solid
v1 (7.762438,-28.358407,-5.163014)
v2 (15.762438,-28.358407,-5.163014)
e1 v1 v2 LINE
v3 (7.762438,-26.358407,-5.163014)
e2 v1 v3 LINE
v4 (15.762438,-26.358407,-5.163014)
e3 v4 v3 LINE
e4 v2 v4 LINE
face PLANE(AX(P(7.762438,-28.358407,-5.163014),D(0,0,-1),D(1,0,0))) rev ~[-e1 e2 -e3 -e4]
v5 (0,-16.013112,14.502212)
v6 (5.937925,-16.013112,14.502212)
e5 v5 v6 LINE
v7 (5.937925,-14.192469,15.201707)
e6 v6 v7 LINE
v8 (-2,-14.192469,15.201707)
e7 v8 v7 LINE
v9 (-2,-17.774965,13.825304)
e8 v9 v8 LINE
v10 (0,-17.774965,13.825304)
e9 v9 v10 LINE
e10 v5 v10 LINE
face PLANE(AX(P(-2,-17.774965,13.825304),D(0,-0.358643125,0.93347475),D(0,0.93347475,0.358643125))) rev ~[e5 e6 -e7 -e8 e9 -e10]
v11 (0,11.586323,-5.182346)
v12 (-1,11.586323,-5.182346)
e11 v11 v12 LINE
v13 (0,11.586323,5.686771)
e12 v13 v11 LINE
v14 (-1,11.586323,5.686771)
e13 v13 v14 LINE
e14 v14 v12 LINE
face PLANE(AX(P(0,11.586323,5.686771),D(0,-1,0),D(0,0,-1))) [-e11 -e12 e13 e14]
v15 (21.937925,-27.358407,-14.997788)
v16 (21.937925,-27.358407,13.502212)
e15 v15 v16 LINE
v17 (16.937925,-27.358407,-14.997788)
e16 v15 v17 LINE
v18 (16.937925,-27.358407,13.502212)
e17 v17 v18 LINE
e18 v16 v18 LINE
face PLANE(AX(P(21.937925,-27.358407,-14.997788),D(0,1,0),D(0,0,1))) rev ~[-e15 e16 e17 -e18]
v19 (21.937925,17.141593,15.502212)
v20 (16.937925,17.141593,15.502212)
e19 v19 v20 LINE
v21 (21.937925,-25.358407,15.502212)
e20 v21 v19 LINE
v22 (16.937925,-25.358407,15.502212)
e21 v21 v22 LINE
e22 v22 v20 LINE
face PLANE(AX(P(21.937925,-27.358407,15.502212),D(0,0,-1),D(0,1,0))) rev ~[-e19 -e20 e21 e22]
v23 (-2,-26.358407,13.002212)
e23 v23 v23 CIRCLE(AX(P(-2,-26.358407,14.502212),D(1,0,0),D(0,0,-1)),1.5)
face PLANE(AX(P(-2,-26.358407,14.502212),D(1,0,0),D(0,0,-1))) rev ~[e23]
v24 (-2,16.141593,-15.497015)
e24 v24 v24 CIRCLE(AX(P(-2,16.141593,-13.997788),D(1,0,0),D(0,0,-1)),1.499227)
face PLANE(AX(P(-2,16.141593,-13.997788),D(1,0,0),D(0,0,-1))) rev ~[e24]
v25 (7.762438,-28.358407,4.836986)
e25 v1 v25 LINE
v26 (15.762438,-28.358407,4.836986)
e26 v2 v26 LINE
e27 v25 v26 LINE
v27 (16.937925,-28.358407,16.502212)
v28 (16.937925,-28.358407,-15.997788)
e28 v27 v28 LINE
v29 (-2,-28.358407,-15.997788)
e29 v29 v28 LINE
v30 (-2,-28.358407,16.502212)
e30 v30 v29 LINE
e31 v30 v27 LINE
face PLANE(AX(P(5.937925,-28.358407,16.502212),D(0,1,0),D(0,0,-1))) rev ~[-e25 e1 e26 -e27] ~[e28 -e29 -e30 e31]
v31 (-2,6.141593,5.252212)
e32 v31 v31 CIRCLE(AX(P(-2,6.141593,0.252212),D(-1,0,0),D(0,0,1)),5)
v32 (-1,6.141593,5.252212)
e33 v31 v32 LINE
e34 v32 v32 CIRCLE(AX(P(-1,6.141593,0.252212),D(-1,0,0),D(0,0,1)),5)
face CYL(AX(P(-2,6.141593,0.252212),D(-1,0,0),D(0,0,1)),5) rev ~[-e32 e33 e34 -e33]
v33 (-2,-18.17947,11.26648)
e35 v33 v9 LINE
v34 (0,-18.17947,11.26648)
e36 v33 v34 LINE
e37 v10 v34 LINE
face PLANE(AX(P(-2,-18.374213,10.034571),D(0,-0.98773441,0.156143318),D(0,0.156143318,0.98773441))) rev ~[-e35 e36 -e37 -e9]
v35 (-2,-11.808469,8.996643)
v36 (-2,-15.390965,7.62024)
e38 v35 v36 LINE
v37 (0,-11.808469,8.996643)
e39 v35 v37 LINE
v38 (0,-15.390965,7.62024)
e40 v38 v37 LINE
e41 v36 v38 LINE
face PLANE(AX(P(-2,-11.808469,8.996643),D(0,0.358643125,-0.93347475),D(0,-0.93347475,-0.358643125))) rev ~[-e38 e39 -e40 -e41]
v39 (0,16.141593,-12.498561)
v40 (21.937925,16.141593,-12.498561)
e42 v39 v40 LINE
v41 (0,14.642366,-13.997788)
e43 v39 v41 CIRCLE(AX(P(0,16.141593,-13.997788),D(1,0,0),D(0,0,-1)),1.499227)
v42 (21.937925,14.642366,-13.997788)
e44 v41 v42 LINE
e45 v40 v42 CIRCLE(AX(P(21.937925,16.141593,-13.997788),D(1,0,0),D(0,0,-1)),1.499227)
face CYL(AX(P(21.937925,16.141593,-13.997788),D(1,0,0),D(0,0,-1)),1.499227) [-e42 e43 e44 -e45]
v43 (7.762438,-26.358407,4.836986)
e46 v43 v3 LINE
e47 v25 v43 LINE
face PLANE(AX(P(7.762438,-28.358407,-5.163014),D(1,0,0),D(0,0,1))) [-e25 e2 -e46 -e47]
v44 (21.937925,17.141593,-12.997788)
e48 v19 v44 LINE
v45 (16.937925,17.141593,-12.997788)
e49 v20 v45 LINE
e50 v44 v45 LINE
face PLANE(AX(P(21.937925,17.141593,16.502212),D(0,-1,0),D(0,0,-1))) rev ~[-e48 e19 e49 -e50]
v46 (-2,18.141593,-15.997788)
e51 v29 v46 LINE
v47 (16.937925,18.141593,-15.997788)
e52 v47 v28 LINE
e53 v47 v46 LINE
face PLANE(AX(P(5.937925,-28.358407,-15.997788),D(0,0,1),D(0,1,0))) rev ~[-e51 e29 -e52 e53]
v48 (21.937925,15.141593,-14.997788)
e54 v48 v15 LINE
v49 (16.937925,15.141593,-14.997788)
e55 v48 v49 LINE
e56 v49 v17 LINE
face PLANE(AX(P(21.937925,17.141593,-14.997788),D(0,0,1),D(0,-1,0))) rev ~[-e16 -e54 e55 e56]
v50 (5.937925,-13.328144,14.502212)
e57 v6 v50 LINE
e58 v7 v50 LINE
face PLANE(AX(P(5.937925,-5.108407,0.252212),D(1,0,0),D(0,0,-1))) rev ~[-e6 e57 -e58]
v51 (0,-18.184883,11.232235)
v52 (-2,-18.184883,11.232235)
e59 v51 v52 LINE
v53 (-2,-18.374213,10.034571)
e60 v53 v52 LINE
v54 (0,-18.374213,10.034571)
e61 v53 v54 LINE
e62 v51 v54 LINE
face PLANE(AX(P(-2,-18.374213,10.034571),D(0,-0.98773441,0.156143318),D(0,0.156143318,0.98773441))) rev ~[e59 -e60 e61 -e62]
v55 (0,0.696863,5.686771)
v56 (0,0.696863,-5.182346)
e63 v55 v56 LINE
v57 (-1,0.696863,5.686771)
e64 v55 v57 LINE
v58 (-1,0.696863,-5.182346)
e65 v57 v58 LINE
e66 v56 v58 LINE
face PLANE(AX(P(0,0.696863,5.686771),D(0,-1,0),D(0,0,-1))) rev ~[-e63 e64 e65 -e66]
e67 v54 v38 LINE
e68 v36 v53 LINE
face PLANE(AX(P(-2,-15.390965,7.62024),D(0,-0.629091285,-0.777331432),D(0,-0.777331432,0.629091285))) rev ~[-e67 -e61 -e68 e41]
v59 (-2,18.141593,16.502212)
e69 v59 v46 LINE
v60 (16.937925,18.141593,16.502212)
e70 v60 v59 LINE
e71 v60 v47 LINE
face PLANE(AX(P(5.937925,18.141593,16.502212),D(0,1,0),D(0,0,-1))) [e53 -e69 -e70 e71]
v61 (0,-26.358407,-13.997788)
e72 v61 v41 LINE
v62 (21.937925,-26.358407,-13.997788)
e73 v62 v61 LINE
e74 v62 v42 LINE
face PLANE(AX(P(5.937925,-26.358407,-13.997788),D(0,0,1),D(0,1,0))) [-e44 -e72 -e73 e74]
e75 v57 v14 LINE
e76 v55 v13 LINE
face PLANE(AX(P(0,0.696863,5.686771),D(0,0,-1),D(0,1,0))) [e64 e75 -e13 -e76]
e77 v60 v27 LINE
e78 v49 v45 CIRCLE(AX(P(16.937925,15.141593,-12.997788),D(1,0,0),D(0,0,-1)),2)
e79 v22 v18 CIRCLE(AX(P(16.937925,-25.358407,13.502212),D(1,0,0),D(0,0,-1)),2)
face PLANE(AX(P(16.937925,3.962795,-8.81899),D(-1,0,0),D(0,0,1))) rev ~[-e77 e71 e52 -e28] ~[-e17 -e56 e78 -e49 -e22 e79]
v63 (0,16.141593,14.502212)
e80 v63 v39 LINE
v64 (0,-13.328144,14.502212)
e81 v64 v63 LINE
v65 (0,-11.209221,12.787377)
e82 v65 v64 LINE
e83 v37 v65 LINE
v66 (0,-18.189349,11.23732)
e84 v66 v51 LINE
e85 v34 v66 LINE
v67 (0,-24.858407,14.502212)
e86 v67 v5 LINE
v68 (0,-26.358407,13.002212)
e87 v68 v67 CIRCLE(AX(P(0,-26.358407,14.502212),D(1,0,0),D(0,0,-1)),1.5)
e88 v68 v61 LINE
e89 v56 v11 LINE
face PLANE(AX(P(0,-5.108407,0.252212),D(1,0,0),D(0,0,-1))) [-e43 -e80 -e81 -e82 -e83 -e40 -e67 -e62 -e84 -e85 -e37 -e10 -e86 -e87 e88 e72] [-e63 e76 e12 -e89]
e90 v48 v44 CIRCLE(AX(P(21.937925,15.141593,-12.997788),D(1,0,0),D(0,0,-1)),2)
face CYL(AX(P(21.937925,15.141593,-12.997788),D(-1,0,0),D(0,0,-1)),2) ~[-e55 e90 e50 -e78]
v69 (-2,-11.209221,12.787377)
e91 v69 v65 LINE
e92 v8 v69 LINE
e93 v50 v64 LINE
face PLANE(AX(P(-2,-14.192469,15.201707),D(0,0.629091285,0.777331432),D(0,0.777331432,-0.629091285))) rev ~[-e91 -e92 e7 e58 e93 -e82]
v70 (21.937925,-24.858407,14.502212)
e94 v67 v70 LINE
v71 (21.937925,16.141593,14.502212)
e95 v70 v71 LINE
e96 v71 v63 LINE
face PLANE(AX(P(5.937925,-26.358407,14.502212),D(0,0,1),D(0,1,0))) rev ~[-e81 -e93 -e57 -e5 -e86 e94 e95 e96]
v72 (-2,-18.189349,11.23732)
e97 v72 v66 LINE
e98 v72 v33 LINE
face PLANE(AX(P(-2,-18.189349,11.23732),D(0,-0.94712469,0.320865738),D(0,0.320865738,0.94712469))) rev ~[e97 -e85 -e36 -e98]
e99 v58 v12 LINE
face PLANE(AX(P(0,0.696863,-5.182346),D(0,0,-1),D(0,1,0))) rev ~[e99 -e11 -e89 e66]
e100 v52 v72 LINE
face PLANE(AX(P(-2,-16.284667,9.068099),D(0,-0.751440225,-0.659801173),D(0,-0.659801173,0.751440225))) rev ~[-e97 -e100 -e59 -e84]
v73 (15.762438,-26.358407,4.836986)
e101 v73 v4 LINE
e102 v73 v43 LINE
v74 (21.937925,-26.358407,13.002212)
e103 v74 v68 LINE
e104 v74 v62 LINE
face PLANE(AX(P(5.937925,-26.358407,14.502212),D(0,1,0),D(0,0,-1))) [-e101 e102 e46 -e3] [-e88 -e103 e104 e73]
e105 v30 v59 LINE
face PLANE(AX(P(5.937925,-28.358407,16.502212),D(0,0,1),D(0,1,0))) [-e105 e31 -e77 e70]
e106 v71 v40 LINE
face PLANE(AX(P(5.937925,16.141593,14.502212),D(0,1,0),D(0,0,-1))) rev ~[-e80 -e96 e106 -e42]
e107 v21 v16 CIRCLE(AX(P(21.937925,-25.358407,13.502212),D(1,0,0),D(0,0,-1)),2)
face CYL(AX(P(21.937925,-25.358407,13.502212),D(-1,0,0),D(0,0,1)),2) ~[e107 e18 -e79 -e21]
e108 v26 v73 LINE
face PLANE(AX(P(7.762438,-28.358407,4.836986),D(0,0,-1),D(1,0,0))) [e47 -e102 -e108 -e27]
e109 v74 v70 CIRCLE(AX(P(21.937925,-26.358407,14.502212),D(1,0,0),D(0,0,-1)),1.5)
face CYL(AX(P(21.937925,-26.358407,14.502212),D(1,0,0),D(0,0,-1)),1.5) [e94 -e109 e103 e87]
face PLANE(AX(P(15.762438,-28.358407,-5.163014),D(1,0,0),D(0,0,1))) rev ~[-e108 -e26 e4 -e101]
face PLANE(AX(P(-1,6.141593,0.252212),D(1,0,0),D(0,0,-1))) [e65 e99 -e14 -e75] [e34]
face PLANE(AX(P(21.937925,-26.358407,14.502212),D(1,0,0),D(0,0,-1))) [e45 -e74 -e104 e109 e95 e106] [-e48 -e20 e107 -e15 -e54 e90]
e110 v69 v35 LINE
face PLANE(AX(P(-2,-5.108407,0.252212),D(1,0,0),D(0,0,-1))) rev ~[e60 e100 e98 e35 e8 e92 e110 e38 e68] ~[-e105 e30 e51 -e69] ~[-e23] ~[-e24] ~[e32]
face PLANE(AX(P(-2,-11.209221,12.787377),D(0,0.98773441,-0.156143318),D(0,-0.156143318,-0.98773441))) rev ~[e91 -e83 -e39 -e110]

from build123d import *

# Parameters (mm, degrees)
SKETCH9_W           = 28.5
SKETCH9_H           = 42.5
BOSS_EXTRUDE2_DEPTH = 20
SHELL1_T            = 2
SKETCH13_R          = 4
CUT_EXTRUDE3_DEPTH  = 20
CUT_EXTRUDE4_DEPTH  = 45
SKETCH16_R          = 5
CUT_EXTRUDE5_DEPTH  = 9
CUT_EXTRUDE6_DEPTH  = 9
SKETCH18_W          = 10.869116721
SKETCH18_H          = 10.889459445
CUT_EXTRUDE7_DEPTH  = 1
SKETCH19_W          = 32.5
SKETCH19_H          = 46.5
SKETCH19_W_2        = 28.5
SKETCH19_H_2        = 42.5
BOSS_EXTRUDE3_DEPTH = 16
SKETCH21_R          = 1.5
BOSS_EXTRUDE4_DEPTH = 23.937925
SKETCH22_R          = 1.499227017
BOSS_EXTRUDE5_DEPTH = 23.937925
SKETCH24_W          = 8
SKETCH24_H          = 10
CUT_EXTRUDE9_DEPTH  = 25
CUT_EXTRUDE11_DEPTH = 5
CUT_EXTRUDE12_DEPTH = 5
FILLET1_R           = 2


with BuildPart() as part:
    # Sketch9 → Boss-Extrude2 (new body)
    with BuildSketch(Plane(origin=(0, 0, 0), x_dir=(0, 0, -1), z_dir=(1, 0, 0))):
        with Locations((-0.252212389, -5.10840708)):
            Rectangle(SKETCH9_W, SKETCH9_H)
    extrude(amount=BOSS_EXTRUDE2_DEPTH)

    # Shell1
    shell1_openings = [part.faces().sort_by_distance(p)[0] for p in [
        (20, -5.10840708, 0.252212389),
    ]]
    offset(amount=SHELL1_T, openings=shell1_openings, kind=Kind.INTERSECTION)

    # Sketch13 → Cut-Extrude3 (cut)
    with BuildSketch(Plane.ZY.offset(2)):
        with Locations((0.252212389, 6.14159292)):
            Circle(SKETCH13_R)
        Polygon((13.97143347, -17.263089004), (14.536325863, -14.432147479), (12.367104782, -12.527465555), (9.632991308, -13.453725155), (9.068098916, -16.28466668), (11.237319997, -18.189348605), align=None)
    extrude(amount=-CUT_EXTRUDE3_DEPTH, mode=Mode.SUBTRACT)

    # Sketch14 → Cut-Extrude4 (cut)
    with BuildSketch(Plane.XY.offset(16.502212389)):
        Polygon((5.937924746, 21.010526575), (5.937924746, -38.52738051), (34.577859994, -38.52738051), (26.806020853, 26.17065701), align=None)
    extrude(amount=-CUT_EXTRUDE4_DEPTH, mode=Mode.SUBTRACT)

    # Sketch16 → Cut-Extrude5 (cut)
    with BuildSketch(Plane.ZY.offset(2)):
        with Locations((0.252212389, 6.14159292)):
            Circle(SKETCH16_R)
    extrude(amount=-CUT_EXTRUDE5_DEPTH, mode=Mode.SUBTRACT)

    # Sketch17 → Cut-Extrude6 (cut)
    with BuildSketch(Plane.ZY.offset(2)):
        Polygon((13.82530443, -17.774965015), (15.201707449, -14.192469286), (12.787376648, -11.209221442), (8.996642829, -11.808469327), (7.62023981, -15.390965055), (10.034570611, -18.3742129), align=None)
    extrude(amount=-CUT_EXTRUDE6_DEPTH, mode=Mode.SUBTRACT)

    # Sketch18 → Cut-Extrude7 (cut)
    with BuildSketch(Plane(origin=(0, 0, 0), x_dir=(0, 0, -1), z_dir=(1, 0, 0))):
        with Locations((-0.252212389, 6.141592921)):
            Rectangle(SKETCH18_W, SKETCH18_H)
    extrude(amount=-CUT_EXTRUDE7_DEPTH, mode=Mode.SUBTRACT)

    # Sketch19 → Boss-Extrude3 (add)
    with BuildSketch(Plane(origin=(5.937924746, 0, 0), x_dir=(0, 0, -1), z_dir=(1, 0, 0))):
        with Locations((-0.252212389, -5.10840708)):
            Rectangle(SKETCH19_W, SKETCH19_H)
        with Locations((-0.252212389, -5.10840708)):
            Rectangle(SKETCH19_W_2, SKETCH19_H_2, mode=Mode.SUBTRACT)
    extrude(amount=BOSS_EXTRUDE3_DEPTH)

    # Sketch21 → Boss-Extrude4 (add)
    with BuildSketch(Plane(origin=(21.937924746, 0, 0), x_dir=(0, 0, -1), z_dir=(1, 0, 0))):
        with Locations((-14.502212389, -26.35840708)):
            Circle(SKETCH21_R)
    extrude(amount=-BOSS_EXTRUDE4_DEPTH)

    # Sketch22 → Boss-Extrude5 (add)
    with BuildSketch(Plane(origin=(21.937924746, 0, 0), x_dir=(0, 0, -1), z_dir=(1, 0, 0))):
        with Locations((13.997787611, 16.14159292)):
            Circle(SKETCH22_R)
    extrude(amount=-BOSS_EXTRUDE5_DEPTH)

    # Sketch24 → Cut-Extrude9 (cut)
    with BuildSketch(Plane.XZ.offset(28.35840708)):
        with Locations((11.762438337, -0.163014209)):
            Rectangle(SKETCH24_W, SKETCH24_H)
    extrude(amount=-CUT_EXTRUDE9_DEPTH, mode=Mode.SUBTRACT)

    # Sketch25 → Cut-Extrude11 (cut)
    with BuildSketch(Plane(origin=(21.937924746, 0, 0), x_dir=(0, 0, -1), z_dir=(1, 0, 0))):
        Polygon((15.997787611, 18.14159292), (15.997787611, -28.35840708), (14.997787611, -28.35840708), (14.997787611, -27.35840708), (14.997787611, 17.14159292), (-14.502212389, 17.14159292), (-16.502212389, 17.14159292), (-16.502212389, 18.14159292), align=None)
    extrude(amount=-CUT_EXTRUDE11_DEPTH, mode=Mode.SUBTRACT)

    # Sketch26 → Cut-Extrude12 (cut)
    with BuildSketch(Plane(origin=(21.937924746, 0, 0), x_dir=(0, 0, -1), z_dir=(1, 0, 0))):
        Polygon((14.997787611, -28.35840708), (14.997787611, -27.35840708), (-15.502212389, -27.35840708), (-15.502212389, 17.14159292), (-16.502212389, 17.14159292), (-16.502212389, -28.35840708), align=None)
    extrude(amount=-CUT_EXTRUDE12_DEPTH, mode=Mode.SUBTRACT)

    # Fillet1
    fillet1_edges = [part.edges().sort_by_distance(p)[0] for p in [
        (19.437924746, 17.14159292, -14.997787611),
        (19.437924746, -27.35840708, 15.502212389),
    ]]
    fillet(fillet1_edges, radius=FILLET1_R)


solid = part.part
